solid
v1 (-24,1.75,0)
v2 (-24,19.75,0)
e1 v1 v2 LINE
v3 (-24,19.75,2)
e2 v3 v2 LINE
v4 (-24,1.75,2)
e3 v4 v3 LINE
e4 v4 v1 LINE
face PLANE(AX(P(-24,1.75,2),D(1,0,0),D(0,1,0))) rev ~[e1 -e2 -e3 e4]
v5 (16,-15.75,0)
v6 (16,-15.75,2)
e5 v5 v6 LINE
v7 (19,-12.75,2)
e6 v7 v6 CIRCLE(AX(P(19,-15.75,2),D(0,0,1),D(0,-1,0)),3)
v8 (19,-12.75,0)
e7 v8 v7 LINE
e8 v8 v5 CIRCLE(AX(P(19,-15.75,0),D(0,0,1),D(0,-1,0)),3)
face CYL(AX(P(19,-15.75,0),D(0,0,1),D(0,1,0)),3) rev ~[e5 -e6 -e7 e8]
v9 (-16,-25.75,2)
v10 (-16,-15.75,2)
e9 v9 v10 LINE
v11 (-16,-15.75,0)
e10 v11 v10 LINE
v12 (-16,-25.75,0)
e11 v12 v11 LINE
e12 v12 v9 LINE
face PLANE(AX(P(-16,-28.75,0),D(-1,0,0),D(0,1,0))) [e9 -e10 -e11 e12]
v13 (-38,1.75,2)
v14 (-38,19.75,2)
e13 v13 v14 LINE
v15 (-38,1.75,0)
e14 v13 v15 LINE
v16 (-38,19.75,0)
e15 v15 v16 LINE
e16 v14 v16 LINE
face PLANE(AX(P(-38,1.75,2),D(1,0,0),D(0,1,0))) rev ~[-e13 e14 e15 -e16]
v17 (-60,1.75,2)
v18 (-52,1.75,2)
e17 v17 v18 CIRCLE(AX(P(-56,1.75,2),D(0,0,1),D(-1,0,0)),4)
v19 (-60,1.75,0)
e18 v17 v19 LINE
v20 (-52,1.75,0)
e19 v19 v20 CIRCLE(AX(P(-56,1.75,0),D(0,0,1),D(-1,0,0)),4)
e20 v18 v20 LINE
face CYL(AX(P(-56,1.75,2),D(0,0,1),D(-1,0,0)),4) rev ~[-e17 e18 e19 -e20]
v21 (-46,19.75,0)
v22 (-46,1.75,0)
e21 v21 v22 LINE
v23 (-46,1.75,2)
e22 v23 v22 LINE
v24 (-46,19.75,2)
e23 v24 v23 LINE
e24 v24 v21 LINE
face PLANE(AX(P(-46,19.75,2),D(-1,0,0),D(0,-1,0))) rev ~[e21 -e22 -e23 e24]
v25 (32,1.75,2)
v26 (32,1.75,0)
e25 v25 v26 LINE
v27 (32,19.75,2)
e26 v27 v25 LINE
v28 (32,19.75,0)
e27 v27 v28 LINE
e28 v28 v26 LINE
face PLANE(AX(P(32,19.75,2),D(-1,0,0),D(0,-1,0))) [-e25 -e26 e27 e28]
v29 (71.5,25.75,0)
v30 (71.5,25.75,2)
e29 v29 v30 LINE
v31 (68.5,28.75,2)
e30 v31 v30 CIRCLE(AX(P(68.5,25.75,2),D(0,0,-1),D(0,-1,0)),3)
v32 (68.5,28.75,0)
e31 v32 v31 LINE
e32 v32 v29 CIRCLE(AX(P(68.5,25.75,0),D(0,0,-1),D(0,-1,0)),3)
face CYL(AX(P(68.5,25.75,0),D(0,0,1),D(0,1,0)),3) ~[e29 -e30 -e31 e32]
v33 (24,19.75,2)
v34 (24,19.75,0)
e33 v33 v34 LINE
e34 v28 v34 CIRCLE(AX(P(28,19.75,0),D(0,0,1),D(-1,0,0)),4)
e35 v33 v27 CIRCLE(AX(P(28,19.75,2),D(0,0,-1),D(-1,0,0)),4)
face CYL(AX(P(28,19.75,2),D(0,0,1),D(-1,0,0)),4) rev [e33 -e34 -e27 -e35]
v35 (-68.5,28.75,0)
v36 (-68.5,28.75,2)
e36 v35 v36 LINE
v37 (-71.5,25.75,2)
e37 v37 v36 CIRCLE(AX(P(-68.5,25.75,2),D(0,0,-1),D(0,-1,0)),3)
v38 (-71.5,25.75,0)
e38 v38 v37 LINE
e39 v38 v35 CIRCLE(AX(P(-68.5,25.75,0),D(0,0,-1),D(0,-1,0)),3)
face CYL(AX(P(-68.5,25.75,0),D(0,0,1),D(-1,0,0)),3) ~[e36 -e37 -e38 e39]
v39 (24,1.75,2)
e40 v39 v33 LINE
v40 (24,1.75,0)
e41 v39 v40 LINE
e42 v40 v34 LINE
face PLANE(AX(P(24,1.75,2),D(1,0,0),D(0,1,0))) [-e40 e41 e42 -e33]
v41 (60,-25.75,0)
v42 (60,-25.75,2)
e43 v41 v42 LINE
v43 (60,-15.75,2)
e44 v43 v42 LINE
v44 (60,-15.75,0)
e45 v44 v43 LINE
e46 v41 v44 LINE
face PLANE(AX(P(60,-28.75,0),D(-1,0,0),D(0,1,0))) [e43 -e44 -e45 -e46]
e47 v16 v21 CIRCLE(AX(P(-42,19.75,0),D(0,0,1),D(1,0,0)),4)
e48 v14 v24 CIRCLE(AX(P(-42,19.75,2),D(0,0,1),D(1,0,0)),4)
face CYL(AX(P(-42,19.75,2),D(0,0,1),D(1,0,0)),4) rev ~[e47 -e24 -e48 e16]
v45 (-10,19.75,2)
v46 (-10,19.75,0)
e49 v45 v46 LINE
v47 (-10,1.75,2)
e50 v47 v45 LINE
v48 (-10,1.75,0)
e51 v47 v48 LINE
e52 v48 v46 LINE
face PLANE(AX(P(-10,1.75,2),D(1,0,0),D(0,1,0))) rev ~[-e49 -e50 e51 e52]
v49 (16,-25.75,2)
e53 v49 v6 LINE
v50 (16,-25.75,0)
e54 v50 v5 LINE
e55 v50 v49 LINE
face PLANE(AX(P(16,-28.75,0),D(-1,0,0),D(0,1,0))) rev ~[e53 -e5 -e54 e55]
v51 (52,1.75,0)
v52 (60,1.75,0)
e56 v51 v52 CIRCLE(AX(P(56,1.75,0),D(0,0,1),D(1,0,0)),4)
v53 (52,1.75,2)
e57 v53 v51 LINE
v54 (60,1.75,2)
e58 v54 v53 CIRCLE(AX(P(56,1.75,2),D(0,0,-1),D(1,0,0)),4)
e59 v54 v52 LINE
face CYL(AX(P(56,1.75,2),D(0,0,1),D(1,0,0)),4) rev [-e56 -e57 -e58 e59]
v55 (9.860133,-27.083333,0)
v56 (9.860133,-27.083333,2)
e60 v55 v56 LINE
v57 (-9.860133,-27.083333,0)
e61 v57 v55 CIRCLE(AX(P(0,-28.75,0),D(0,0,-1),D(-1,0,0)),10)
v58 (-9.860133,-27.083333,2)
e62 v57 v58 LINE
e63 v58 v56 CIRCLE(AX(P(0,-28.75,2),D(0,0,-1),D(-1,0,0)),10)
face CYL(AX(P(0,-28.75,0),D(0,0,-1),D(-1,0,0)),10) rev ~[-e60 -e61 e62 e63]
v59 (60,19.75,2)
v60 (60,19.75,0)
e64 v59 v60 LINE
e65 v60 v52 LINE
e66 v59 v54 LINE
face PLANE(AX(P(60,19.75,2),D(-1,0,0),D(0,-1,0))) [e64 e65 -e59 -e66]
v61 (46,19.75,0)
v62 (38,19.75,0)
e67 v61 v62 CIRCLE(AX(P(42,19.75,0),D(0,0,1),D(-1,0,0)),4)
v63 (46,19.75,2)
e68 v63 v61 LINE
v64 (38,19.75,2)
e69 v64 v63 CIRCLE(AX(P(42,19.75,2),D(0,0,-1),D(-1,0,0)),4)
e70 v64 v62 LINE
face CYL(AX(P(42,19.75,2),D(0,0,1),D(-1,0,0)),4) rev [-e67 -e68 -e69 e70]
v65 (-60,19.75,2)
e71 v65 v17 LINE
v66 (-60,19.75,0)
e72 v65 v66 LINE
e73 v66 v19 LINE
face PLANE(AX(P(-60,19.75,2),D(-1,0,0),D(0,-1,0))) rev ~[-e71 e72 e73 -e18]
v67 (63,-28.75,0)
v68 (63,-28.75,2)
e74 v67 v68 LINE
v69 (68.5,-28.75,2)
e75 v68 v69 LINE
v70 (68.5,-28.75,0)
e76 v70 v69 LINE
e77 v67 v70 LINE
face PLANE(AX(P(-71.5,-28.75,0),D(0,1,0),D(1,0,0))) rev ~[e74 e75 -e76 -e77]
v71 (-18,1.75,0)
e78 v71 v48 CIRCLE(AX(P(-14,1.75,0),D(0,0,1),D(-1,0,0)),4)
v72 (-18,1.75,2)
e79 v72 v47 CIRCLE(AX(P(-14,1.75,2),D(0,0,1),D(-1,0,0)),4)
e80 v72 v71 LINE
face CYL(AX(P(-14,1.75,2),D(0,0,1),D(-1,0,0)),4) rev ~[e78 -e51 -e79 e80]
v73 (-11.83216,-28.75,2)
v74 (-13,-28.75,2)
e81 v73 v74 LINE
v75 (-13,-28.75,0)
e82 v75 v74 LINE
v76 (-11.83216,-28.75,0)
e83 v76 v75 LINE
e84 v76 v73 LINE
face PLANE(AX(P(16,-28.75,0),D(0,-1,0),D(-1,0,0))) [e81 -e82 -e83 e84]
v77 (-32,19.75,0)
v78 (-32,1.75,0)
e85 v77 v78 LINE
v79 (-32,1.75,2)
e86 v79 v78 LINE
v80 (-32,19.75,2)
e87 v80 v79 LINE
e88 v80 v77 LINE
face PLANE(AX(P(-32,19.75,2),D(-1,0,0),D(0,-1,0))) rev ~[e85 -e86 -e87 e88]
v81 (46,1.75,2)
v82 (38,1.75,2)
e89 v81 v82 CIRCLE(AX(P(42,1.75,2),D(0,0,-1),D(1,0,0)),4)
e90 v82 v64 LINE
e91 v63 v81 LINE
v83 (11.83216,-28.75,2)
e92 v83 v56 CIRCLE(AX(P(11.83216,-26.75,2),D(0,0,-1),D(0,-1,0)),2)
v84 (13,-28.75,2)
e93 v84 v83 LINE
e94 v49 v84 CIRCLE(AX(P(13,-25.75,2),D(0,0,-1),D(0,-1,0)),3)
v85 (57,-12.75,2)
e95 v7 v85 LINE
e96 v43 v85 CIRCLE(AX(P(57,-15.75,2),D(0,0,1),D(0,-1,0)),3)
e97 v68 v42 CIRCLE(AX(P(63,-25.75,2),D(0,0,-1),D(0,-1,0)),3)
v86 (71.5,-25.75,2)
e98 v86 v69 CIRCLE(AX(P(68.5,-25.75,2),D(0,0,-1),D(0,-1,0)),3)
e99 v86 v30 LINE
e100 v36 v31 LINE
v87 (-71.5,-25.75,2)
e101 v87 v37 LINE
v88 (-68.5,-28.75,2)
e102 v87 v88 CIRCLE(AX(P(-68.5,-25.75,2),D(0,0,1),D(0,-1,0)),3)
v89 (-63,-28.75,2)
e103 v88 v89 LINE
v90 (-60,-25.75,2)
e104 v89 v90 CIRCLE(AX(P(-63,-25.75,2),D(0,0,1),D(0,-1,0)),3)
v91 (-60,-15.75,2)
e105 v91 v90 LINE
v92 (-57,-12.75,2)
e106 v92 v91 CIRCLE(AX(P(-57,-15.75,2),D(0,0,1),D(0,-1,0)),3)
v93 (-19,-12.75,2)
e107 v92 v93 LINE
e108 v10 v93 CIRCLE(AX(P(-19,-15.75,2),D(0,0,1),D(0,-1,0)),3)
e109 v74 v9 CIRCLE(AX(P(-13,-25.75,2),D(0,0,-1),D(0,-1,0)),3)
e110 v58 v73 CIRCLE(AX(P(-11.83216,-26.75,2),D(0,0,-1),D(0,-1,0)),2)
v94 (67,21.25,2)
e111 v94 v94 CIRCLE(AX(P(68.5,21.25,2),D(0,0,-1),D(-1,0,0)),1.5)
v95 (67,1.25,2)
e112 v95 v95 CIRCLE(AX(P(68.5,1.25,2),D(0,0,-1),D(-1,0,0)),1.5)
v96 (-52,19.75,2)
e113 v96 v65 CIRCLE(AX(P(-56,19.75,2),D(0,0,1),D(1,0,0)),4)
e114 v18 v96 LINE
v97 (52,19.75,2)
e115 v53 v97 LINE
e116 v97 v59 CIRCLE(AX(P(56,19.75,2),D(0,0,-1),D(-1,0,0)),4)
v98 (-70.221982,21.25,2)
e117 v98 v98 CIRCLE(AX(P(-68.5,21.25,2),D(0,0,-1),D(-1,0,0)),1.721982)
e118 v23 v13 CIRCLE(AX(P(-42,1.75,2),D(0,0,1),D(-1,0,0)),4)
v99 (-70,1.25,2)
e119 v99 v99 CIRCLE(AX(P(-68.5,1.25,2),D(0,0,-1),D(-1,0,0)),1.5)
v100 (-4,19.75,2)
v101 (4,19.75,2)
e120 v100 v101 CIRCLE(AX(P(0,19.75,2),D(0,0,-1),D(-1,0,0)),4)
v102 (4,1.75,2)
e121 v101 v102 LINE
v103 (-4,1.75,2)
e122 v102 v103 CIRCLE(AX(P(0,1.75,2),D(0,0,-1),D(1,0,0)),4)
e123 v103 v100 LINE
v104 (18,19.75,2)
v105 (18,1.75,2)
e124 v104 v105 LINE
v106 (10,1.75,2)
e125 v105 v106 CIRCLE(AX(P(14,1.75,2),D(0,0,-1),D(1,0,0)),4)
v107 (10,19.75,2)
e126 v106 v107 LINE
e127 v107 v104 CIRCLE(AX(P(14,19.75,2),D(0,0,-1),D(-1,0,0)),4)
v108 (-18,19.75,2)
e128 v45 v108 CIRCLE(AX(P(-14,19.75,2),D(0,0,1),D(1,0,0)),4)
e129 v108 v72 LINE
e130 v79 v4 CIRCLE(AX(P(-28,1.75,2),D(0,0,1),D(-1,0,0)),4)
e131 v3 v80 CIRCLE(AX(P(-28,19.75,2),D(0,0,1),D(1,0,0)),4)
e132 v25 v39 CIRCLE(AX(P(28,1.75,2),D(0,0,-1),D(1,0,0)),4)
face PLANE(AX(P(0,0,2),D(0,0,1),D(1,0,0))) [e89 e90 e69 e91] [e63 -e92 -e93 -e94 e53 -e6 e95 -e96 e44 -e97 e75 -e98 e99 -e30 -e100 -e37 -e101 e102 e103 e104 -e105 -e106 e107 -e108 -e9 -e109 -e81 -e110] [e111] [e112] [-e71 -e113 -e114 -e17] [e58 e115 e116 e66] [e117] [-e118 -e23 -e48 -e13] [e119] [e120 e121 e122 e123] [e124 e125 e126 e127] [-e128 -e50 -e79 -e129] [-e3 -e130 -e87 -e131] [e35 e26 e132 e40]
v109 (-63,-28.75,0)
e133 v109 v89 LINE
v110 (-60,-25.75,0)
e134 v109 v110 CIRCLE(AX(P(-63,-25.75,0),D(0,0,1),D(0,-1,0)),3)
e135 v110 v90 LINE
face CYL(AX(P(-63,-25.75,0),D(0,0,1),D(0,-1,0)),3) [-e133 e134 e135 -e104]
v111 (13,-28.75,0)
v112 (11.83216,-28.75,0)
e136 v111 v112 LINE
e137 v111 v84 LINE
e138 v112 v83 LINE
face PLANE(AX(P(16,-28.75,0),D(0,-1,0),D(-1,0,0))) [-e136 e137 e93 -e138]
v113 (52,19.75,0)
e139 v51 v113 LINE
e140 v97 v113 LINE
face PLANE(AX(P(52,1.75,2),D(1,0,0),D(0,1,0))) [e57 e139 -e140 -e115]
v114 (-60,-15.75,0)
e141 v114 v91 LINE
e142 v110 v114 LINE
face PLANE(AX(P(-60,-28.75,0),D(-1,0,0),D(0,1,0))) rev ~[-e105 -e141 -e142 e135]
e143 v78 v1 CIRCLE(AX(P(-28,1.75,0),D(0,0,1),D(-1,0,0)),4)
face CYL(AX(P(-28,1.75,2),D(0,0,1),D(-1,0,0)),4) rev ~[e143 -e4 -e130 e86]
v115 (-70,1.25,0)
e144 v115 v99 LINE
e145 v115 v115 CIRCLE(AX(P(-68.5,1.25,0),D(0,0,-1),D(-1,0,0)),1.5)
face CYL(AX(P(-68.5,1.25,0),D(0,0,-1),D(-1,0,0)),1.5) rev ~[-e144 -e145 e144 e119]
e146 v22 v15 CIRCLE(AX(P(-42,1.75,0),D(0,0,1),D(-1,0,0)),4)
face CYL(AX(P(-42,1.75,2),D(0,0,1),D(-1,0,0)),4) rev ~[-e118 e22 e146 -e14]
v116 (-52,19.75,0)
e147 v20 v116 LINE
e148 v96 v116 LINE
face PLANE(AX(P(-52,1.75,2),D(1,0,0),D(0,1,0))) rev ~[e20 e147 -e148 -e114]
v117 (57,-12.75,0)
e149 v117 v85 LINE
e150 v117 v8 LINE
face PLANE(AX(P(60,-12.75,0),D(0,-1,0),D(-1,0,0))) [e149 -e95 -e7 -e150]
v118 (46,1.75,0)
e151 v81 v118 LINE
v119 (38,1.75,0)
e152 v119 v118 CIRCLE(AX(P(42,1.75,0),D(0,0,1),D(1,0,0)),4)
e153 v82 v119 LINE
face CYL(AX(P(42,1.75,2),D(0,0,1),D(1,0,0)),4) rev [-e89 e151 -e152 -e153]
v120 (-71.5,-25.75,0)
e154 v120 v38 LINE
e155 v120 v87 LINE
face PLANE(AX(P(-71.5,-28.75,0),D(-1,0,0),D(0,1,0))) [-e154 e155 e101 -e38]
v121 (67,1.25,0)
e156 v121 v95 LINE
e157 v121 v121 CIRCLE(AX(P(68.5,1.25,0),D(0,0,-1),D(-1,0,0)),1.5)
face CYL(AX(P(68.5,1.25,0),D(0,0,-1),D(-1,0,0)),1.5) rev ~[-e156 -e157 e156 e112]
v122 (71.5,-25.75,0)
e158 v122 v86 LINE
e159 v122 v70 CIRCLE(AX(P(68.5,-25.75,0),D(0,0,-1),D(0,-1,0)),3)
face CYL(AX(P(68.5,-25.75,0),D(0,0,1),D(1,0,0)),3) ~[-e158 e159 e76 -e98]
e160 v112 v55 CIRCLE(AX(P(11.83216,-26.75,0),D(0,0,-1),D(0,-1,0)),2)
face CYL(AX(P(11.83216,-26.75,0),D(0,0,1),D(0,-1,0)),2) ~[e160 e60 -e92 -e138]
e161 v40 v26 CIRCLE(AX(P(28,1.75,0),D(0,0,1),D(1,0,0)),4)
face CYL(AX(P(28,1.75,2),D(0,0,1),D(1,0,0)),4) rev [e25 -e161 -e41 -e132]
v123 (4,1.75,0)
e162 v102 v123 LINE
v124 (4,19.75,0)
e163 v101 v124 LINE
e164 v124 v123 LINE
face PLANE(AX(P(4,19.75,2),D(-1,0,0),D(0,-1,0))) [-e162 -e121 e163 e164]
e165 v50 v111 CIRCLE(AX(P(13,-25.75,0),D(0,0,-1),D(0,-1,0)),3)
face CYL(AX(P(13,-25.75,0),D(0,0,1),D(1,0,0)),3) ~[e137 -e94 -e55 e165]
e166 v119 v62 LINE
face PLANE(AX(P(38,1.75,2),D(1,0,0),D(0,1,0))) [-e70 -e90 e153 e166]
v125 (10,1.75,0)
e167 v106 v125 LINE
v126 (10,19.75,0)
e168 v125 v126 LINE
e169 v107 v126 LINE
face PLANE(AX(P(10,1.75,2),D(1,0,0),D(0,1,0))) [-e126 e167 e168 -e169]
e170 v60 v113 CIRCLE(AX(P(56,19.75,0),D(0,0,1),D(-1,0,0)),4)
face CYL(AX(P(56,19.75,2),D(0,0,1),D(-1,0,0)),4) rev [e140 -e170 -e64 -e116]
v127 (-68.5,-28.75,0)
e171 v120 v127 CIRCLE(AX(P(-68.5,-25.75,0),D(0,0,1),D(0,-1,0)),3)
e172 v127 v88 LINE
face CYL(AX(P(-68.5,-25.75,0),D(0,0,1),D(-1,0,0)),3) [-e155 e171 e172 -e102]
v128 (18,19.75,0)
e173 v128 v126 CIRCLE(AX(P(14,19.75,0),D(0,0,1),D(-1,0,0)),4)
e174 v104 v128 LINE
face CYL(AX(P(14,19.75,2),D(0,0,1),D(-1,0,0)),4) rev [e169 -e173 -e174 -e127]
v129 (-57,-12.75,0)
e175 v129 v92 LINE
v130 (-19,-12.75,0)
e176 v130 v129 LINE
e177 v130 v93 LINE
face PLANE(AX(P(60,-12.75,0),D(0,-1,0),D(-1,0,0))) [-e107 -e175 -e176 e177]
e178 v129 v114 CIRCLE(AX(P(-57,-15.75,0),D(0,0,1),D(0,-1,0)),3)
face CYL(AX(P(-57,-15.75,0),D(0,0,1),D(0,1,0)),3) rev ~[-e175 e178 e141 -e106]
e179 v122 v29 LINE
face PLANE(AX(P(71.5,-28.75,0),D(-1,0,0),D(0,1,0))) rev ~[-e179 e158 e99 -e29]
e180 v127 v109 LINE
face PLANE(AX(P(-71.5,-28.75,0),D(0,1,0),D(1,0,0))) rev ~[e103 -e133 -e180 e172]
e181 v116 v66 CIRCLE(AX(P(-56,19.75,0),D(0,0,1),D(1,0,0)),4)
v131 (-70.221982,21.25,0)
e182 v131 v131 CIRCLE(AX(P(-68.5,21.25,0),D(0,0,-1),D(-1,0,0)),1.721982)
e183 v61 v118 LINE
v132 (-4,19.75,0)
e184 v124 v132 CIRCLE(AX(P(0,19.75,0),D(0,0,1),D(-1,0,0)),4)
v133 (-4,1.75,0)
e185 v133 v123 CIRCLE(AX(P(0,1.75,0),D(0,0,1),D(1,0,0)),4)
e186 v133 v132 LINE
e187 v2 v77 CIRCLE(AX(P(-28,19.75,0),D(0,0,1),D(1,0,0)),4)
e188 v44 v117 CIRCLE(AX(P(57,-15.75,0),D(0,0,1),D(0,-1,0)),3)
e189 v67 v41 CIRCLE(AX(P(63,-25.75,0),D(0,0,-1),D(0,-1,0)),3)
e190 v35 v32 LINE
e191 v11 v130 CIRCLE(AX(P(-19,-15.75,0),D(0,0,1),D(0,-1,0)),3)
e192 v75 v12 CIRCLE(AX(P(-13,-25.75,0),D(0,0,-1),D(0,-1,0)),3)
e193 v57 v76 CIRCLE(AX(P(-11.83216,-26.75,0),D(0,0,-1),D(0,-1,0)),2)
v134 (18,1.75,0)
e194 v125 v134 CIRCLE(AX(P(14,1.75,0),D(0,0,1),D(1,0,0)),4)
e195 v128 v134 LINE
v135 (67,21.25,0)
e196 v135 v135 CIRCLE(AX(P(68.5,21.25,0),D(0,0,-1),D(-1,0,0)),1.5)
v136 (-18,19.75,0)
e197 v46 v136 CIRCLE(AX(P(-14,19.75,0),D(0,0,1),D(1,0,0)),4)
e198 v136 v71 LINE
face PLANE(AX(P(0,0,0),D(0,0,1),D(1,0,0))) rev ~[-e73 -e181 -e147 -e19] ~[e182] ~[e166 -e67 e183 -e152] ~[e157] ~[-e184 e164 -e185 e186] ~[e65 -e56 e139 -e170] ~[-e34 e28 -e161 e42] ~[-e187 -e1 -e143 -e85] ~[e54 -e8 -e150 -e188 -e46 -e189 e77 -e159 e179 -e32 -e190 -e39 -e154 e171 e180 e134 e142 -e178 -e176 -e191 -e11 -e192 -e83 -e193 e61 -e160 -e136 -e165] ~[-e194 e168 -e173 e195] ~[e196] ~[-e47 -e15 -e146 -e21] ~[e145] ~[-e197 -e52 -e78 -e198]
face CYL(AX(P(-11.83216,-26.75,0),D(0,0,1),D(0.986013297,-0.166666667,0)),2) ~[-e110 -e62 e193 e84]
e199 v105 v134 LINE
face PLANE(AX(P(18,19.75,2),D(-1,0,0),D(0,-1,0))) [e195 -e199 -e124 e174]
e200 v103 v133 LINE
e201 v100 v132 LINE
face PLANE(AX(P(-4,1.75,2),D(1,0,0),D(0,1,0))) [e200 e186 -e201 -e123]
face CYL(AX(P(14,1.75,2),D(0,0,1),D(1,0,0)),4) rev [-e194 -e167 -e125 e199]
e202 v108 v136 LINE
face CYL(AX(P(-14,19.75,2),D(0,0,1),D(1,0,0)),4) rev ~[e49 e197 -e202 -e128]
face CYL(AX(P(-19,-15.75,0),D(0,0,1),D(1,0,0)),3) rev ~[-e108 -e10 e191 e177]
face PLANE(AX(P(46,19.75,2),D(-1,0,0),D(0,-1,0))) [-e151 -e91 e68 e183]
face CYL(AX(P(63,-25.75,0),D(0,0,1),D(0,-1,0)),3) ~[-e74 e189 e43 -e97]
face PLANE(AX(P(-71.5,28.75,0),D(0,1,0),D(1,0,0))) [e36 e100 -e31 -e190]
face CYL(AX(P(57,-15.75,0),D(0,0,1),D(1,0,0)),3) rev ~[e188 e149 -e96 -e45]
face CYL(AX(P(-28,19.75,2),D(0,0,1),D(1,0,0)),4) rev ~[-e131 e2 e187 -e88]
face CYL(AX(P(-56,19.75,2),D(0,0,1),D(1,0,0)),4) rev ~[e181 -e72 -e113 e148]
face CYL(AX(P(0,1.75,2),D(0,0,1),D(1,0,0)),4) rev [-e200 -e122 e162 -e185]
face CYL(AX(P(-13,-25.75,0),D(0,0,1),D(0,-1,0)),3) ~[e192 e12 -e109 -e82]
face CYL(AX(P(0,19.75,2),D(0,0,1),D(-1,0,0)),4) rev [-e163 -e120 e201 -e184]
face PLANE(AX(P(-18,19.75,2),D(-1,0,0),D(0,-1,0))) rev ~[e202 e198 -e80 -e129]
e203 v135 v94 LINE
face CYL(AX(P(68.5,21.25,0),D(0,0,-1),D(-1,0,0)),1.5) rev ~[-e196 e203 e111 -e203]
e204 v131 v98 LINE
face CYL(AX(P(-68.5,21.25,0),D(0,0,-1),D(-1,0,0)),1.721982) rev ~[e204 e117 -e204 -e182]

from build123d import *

# Parameters (mm, degrees)
SKETCH_1_W          = 143
SKETCH_1_H          = 57.5
EXTRUDE_1_DEPTH     = 2
SKETCH_4_W          = 120
SKETCH_4_H          = 16
CUT_EXTRUDE_1_DEPTH = 10
FILLET_1_R          = 3
CUT_EXTRUDE_2_DEPTH = 10
SKETCH_6_W          = 32
SKETCH_6_H          = 16
EXTRUDE_2_DEPTH     = 2
CUT_EXTRUDE_3_DEPTH = 2
FILLET_2_R          = 3
FILLET_3_R          = 2
SKETCH_8_R          = 1.5
CUT_EXTRUDE_4_DEPTH = 78.089639382
SKETCH_10_R         = 1.721982437
CUT_EXTRUDE_5_DEPTH = 78.089639382
SKETCH_12_R         = 1.5
CUT_EXTRUDE_6_DEPTH = 78.089639382


with BuildPart() as part:
    # 草图1 → 凸台-拉伸1 (new body)
    with BuildSketch(Plane.XY):
        Rectangle(SKETCH_1_W, SKETCH_1_H)
    extrude(amount=EXTRUDE_1_DEPTH)

    # 草图4 → 切除-拉伸1 (cut)
    with BuildSketch(Plane(origin=(0, 0, 0), x_dir=(-1, 0, 0), z_dir=(0, 0, -1))):
        with Locations((0, -20.75)):
            Rectangle(SKETCH_4_W, SKETCH_4_H)
    extrude(amount=-CUT_EXTRUDE_1_DEPTH, mode=Mode.SUBTRACT)

    # 圆角1
    fillet_1_edges = [part.edges().sort_by_distance(p)[0] for p in [
        (-60, -28.75, 1),
        (60, -28.75, 1),
        (-71.5, 28.75, 1),
        (71.5, 28.75, 1),
        (71.5, -28.75, 1),
        (-71.5, -28.75, 1),
    ]]
    fillet(fillet_1_edges, radius=FILLET_1_R)

    # 草图5 → 切除-拉伸2 (cut)
    with BuildSketch(Plane.XY.offset(2)):
        with BuildLine():
            Line((4, 19.75), (4, 1.75))
            ThreePointArc((4, 1.75), (0, -2.25), (-4, 1.75))
            Line((-4, 1.75), (-4, 19.75))
            ThreePointArc((-4, 19.75), (0, 23.75), (4, 19.75))
        make_face()
        with BuildLine():
            Line((18, 19.75), (18, 1.75))
            ThreePointArc((18, 1.75), (14, -2.25), (10, 1.75))
            Line((10, 1.75), (10, 19.75))
            ThreePointArc((10, 19.75), (14, 23.75), (18, 19.75))
        make_face()
        with BuildLine():
            Line((32, 19.75), (32, 1.75))
            ThreePointArc((32, 1.75), (28, -2.25), (24, 1.75))
            Line((24, 1.75), (24, 19.75))
            ThreePointArc((24, 19.75), (28, 23.75), (32, 19.75))
        make_face()
        with BuildLine():
            Line((46, 19.75), (46, 1.75))
            ThreePointArc((46, 1.75), (42, -2.25), (38, 1.75))
            Line((38, 1.75), (38, 19.75))
            ThreePointArc((38, 19.75), (42, 23.75), (46, 19.75))
        make_face()
        with BuildLine():
            Line((60, 19.75), (60, 1.75))
            ThreePointArc((60, 1.75), (56, -2.25), (52, 1.75))
            Line((52, 1.75), (52, 19.75))
            ThreePointArc((52, 19.75), (56, 23.75), (60, 19.75))
        make_face()
        with BuildLine():
            Line((-60, 19.75), (-60, 1.75))
            ThreePointArc((-60, 1.75), (-56, -2.25), (-52, 1.75))
            Line((-52, 1.75), (-52, 19.75))
            ThreePointArc((-52, 19.75), (-56, 23.75), (-60, 19.75))
        make_face()
        with BuildLine():
            Line((-46, 19.75), (-46, 1.75))
            ThreePointArc((-46, 1.75), (-42, -2.25), (-38, 1.75))
            Line((-38, 1.75), (-38, 19.75))
            ThreePointArc((-38, 19.75), (-42, 23.75), (-46, 19.75))
        make_face()
        with BuildLine():
            Line((-32, 19.75), (-32, 1.75))
            ThreePointArc((-32, 1.75), (-28, -2.25), (-24, 1.75))
            Line((-24, 1.75), (-24, 19.75))
            ThreePointArc((-24, 19.75), (-28, 23.75), (-32, 19.75))
        make_face()
        with BuildLine():
            Line((-18, 19.75), (-18, 1.75))
            ThreePointArc((-18, 1.75), (-14, -2.25), (-10, 1.75))
            Line((-10, 1.75), (-10, 19.75))
            ThreePointArc((-10, 19.75), (-14, 23.75), (-18, 19.75))
        make_face()
    extrude(amount=-CUT_EXTRUDE_2_DEPTH, mode=Mode.SUBTRACT)

    # 草图6 → 凸台-拉伸2 (add)
    with BuildSketch(Plane(origin=(0, 0, 0), x_dir=(-1, 0, 0), z_dir=(0, 0, -1))):
        with Locations((0, -20.75)):
            Rectangle(SKETCH_6_W, SKETCH_6_H)
    extrude(amount=-EXTRUDE_2_DEPTH)

    # 草图7 → 切除-拉伸3 (cut)
    with BuildSketch(Plane(origin=(0, 0, 0), x_dir=(-1, 0, 0), z_dir=(0, 0, -1))):
        with BuildLine():
            Line((-10, -28.75), (10, -28.75))
            ThreePointArc((10, -28.75), (0, -18.75), (-10, -28.75))
        make_face()
    extrude(amount=-CUT_EXTRUDE_3_DEPTH, mode=Mode.SUBTRACT)

    # 圆角2
    fillet_2_edges = [part.edges().sort_by_distance(p)[0] for p in [
        (-60, -12.75, 1),
        (60, -12.75, 1),
        (-16, -12.75, 1),
        (-16, -28.75, 1),
        (16, -28.75, 1),
        (16, -12.75, 1),
    ]]
    fillet(fillet_2_edges, radius=FILLET_2_R)

    # 圆角3
    fillet_3_edges = [part.edges().sort_by_distance(p)[0] for p in [
        (10, -28.75, 1),
        (-10, -28.75, 1),
    ]]
    fillet(fillet_3_edges, radius=FILLET_3_R)

    # 草图8 → 切除-拉伸4 (cut, through all)
    with BuildSketch(Plane(origin=(0, 0, 0), x_dir=(-1, 0, 0), z_dir=(0, 0, -1))):
        with Locations((-68.5, 1.25)):
            Circle(SKETCH_8_R)
        with Locations((-68.5, 21.25)):
            Circle(SKETCH_8_R)
    extrude(amount=-CUT_EXTRUDE_4_DEPTH, mode=Mode.SUBTRACT)

    # 草图10 → 切除-拉伸5 (cut, through all)
    with BuildSketch(Plane(origin=(0, 0, 0), x_dir=(-1, 0, 0), z_dir=(0, 0, -1))):
        with Locations((68.5, 21.25)):
            Circle(SKETCH_10_R)
    extrude(amount=-CUT_EXTRUDE_5_DEPTH, mode=Mode.SUBTRACT)

    # 草图12 → 切除-拉伸6 (cut, through all)
    with BuildSketch(Plane(origin=(0, 0, 0), x_dir=(-1, 0, 0), z_dir=(0, 0, -1))):
        with Locations((68.5, 1.25)):
            Circle(SKETCH_12_R)
    extrude(amount=-CUT_EXTRUDE_6_DEPTH, mode=Mode.SUBTRACT)


solid = part.part
